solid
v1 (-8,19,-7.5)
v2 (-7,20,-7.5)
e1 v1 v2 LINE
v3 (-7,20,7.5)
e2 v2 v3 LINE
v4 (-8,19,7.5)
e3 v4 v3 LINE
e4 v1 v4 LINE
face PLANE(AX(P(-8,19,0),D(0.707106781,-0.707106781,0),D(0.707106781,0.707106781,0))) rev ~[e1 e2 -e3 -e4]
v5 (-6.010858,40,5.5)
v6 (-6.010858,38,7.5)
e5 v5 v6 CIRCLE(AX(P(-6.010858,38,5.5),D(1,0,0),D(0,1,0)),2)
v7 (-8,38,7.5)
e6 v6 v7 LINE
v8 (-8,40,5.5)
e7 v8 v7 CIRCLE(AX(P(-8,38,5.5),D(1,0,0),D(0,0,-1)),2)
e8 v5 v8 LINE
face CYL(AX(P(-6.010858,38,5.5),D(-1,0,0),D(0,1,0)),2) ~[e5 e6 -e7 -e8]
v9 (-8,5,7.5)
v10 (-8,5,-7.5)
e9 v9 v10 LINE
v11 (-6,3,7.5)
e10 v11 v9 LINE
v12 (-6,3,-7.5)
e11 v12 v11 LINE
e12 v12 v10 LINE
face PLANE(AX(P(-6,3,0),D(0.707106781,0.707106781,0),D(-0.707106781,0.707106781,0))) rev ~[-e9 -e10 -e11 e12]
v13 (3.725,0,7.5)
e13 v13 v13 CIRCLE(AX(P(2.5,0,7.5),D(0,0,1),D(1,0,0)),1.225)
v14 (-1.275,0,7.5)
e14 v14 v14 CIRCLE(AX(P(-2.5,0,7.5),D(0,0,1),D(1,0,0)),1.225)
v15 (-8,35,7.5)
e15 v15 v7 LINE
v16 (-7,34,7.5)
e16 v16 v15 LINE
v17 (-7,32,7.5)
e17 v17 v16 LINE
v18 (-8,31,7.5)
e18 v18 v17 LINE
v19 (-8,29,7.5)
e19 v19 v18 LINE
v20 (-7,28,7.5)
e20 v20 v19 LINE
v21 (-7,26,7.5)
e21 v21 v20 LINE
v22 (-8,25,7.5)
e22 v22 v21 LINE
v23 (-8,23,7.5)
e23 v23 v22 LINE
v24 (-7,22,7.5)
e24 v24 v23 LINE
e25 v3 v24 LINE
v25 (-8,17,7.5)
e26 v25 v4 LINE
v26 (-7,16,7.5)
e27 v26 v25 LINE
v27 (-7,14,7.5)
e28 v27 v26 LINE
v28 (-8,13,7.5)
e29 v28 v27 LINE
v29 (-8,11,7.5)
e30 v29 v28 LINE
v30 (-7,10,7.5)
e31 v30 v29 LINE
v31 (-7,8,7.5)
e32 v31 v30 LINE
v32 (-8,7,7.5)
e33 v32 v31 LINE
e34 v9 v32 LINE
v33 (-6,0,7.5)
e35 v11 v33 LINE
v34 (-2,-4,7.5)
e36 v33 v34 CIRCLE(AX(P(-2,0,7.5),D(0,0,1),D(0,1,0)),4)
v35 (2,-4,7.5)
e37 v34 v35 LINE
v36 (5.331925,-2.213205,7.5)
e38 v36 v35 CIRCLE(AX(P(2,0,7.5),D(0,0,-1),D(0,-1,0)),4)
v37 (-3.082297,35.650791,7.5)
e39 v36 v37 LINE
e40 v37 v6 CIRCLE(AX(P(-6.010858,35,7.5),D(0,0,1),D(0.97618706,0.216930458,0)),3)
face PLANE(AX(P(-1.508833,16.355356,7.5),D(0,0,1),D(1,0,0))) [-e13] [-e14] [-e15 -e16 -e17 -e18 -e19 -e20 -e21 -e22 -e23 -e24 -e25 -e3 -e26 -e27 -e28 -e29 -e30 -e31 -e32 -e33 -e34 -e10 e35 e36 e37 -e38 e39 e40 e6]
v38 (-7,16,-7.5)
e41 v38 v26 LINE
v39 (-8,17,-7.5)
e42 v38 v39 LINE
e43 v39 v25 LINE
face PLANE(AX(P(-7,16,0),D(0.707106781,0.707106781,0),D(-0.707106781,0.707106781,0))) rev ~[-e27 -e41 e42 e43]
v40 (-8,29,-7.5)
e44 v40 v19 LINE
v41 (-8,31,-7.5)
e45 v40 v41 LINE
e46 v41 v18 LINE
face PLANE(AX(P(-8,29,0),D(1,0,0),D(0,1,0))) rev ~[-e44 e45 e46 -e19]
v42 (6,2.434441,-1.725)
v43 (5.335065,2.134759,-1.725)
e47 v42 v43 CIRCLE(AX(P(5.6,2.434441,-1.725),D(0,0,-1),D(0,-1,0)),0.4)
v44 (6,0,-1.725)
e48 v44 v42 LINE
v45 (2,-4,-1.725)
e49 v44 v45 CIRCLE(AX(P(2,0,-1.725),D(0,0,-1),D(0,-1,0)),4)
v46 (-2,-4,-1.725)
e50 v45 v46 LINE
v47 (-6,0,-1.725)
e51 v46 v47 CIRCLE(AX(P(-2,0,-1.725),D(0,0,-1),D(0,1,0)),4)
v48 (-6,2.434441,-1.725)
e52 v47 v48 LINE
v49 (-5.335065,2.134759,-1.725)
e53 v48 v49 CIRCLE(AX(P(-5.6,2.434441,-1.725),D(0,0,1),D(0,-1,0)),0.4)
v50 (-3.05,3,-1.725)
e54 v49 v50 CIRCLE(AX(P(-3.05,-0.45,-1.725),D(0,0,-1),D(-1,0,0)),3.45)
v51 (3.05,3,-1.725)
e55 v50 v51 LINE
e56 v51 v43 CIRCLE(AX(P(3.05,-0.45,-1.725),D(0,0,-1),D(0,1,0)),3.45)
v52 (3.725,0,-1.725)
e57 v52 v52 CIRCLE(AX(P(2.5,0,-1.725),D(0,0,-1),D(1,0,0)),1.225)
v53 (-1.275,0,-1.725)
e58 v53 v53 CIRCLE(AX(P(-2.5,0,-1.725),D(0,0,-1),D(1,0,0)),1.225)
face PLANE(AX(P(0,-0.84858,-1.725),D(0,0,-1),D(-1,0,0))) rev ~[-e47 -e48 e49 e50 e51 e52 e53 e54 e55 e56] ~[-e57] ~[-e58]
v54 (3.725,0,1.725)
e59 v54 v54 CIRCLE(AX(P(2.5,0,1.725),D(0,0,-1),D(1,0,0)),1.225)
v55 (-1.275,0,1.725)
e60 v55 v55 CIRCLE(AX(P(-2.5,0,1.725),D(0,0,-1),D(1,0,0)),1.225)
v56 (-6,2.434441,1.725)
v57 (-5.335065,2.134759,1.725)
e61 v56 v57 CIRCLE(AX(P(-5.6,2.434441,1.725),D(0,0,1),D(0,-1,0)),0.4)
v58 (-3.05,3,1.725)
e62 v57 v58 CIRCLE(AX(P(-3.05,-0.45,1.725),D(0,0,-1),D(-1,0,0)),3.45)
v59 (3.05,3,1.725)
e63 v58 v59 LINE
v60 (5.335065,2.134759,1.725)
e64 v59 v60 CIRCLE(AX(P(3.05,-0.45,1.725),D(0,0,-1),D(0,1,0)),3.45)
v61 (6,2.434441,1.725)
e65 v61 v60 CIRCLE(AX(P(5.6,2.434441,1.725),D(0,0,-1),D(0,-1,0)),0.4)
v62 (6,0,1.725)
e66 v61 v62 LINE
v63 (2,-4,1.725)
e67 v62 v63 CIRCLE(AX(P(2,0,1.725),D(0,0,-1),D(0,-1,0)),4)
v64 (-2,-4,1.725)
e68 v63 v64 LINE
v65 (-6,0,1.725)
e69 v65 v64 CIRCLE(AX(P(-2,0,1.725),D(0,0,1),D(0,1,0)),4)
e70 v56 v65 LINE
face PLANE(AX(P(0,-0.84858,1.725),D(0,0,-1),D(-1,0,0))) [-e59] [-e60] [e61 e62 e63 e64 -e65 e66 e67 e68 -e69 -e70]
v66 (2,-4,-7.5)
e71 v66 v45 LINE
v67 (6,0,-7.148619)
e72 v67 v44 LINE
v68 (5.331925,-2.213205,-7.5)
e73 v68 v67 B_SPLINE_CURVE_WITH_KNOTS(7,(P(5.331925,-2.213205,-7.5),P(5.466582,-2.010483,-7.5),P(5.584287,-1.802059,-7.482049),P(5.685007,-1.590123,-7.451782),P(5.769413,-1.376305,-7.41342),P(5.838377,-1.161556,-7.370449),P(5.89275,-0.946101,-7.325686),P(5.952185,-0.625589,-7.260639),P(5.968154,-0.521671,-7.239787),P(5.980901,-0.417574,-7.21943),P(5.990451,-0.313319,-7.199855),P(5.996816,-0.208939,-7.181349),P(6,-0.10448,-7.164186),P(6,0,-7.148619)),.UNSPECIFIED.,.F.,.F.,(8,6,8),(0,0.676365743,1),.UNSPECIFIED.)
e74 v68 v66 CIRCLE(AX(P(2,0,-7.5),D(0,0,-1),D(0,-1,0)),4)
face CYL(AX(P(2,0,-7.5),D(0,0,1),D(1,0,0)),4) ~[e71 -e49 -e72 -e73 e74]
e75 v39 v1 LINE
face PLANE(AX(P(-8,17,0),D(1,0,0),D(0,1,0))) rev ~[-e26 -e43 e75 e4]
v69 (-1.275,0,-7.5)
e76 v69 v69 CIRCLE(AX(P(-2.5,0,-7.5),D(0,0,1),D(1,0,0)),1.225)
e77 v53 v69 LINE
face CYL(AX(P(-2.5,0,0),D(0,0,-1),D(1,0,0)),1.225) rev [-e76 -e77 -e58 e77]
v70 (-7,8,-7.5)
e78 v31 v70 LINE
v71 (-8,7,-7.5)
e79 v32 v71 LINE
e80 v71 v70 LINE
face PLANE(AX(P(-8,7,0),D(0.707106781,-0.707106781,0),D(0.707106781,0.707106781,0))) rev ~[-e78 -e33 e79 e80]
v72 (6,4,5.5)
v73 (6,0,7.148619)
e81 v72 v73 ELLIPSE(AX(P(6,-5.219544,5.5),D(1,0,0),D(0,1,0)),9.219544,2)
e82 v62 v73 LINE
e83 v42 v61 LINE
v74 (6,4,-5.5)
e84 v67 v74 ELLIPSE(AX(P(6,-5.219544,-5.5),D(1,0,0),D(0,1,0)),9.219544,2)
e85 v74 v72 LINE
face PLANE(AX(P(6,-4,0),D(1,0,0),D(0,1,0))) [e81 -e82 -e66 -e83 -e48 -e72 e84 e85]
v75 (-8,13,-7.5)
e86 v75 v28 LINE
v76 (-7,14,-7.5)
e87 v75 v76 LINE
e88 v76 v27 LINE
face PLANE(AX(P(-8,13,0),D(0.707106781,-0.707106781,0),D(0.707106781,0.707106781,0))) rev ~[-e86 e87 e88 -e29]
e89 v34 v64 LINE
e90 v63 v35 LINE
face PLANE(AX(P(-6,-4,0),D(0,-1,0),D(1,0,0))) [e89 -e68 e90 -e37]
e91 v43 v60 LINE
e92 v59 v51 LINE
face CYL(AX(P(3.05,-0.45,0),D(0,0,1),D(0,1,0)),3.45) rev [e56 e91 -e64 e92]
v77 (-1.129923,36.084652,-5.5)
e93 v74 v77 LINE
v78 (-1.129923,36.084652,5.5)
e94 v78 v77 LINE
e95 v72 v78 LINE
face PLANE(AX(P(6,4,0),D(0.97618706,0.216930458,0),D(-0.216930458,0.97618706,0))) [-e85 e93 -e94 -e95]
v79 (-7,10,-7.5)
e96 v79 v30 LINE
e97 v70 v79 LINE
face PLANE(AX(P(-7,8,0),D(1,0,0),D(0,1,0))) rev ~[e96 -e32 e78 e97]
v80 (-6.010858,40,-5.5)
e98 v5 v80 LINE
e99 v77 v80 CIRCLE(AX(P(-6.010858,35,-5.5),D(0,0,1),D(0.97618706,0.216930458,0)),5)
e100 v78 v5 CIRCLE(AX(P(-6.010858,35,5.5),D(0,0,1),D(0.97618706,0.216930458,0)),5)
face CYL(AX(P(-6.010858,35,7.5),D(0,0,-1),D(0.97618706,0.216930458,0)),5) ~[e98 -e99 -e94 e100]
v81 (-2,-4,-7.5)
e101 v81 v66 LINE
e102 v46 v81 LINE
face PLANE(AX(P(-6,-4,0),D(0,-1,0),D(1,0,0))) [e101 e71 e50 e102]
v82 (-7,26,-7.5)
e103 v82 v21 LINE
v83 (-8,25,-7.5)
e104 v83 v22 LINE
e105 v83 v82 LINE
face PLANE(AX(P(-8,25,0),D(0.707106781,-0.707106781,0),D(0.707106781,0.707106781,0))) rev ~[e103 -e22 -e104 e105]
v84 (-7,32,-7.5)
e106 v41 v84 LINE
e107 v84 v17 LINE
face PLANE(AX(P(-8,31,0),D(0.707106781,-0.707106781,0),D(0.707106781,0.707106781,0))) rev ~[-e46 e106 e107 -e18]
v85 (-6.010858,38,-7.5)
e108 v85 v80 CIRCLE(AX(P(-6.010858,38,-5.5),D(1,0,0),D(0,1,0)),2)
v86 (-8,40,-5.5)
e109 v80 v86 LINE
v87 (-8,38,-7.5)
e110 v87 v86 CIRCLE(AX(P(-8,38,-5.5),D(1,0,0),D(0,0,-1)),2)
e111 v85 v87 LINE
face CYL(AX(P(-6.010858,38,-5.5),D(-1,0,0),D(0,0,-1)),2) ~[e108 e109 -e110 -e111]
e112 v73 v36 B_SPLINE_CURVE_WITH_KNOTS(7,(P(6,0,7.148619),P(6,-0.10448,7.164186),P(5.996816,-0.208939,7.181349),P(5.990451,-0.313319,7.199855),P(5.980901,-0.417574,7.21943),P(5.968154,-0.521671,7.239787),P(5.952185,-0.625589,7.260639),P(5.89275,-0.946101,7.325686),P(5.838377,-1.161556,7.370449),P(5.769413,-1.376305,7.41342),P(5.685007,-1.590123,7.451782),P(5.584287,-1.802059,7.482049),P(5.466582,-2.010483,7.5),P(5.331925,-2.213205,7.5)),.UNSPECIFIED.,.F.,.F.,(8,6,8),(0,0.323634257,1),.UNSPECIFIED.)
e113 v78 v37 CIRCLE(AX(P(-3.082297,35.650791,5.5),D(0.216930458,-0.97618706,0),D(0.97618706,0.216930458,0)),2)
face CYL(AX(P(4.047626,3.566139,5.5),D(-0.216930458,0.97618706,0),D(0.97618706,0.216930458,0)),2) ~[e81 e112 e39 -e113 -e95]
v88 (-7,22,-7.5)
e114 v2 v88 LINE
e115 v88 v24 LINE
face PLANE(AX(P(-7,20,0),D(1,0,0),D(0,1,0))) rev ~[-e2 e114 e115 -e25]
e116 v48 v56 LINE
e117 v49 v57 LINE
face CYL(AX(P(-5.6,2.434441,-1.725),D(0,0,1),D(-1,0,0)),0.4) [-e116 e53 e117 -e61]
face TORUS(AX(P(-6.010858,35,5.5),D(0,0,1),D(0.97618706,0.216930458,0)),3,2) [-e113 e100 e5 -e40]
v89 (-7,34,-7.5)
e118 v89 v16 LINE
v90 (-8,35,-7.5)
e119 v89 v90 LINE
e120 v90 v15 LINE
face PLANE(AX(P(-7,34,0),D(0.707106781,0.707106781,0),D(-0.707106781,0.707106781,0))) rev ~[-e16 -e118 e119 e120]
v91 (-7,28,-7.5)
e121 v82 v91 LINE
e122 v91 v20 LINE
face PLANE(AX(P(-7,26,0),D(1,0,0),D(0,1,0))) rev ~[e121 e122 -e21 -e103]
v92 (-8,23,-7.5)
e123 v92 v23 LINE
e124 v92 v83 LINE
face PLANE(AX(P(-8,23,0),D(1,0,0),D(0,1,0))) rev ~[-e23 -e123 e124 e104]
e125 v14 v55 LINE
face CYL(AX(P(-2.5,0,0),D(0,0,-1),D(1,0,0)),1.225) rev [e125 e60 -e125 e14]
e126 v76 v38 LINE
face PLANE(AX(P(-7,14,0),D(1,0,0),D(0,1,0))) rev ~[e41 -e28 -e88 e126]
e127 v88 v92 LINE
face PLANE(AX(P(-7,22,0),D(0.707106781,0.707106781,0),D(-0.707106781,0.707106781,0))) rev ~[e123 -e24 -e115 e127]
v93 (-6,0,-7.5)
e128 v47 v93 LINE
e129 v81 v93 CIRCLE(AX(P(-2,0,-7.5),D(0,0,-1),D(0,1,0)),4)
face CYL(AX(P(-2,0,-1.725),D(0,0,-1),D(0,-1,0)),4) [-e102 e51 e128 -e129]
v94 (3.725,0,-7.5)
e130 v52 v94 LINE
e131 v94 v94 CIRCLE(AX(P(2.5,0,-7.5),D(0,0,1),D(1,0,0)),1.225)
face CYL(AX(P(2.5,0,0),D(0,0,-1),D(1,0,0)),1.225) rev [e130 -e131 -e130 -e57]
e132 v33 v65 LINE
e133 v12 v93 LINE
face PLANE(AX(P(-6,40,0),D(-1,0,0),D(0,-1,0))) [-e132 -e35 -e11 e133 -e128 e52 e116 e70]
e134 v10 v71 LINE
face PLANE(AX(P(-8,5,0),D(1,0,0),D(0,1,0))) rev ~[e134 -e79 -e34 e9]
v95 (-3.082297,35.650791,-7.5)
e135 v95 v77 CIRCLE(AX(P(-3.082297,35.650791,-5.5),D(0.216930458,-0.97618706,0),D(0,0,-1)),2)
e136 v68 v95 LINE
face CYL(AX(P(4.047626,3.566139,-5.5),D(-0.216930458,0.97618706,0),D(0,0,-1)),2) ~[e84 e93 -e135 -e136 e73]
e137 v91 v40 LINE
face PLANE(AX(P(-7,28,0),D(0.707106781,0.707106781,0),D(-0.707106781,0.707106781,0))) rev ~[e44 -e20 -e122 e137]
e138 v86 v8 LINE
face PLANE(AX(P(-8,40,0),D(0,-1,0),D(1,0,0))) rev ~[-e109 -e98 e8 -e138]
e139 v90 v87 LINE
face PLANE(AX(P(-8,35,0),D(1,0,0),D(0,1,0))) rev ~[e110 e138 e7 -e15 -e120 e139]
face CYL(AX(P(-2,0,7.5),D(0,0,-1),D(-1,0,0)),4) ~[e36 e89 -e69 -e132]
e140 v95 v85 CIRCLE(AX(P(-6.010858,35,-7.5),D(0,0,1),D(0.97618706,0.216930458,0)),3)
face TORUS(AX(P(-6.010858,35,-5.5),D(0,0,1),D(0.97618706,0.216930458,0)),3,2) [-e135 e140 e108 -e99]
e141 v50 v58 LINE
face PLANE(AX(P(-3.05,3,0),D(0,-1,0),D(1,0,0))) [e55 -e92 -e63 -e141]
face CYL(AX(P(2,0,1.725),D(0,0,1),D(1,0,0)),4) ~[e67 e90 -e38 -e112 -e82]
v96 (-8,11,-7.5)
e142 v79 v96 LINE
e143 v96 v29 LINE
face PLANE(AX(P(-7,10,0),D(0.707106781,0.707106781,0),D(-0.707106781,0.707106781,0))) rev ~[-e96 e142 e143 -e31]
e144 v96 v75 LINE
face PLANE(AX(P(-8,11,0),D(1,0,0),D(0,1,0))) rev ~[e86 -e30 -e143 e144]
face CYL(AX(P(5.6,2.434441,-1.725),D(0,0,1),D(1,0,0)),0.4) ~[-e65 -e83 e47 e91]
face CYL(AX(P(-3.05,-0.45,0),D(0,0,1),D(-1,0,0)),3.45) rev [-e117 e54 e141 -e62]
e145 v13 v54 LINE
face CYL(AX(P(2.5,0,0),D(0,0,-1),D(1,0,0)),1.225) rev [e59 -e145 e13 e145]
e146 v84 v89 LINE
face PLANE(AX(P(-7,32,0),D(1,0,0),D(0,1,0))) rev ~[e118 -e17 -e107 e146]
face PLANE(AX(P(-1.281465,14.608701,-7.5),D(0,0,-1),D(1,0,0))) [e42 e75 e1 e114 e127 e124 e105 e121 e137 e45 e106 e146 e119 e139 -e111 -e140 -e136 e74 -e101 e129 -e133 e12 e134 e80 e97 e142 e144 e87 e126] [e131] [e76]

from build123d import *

# Parameters (mm, degrees)
SKETCH1_R                       = 1.225
BOSS_EXTRUDE1_DEPTH             = 7.5
CUT_EXTRUDE2_DEPTH              = 1.725
BOSS_EXTRUDE3_REACH             = 43.137
BOSS_EXTRUDE3_DIRECTION_2_REACH = 43.137
FILLET5_R                       = 5
FILLET6_R                       = 4
FILLET7_R                       = 2
FILLET8_R                       = 0.4


with BuildPart() as part:
    # Sketch1 → Boss-Extrude1 (new, symmetric)
    with BuildSketch(Plane.XY):
        Polygon((-6, -4), (6, -4), (6, 4), (-2, 40), (-6, 40), align=None)
        with Locations((-2.5, 0)):
            Circle(SKETCH1_R, mode=Mode.SUBTRACT)
        with Locations((2.5, 0)):
            Circle(SKETCH1_R, mode=Mode.SUBTRACT)
    extrude(amount=BOSS_EXTRUDE1_DEPTH, both=True)

    # Sketch4 → Cut-Extrude2 (cut, symmetric)
    with BuildSketch(Plane.XY):
        with BuildLine():
            Line((-3.05, 3), (3.05, 3))
            ThreePointArc((3.05, 3), (5.489518395, 1.989518395), (6.5, -0.45))
            Line((6.5, -0.45), (6.5, -4))
            Line((6.5, -4), (-6.5, -4))
            Line((-6.5, -4), (-6.5, -0.45))
            ThreePointArc((-6.5, -0.45), (-5.489518395, 1.989518395), (-3.05, 3))
        make_face()
    extrude(amount=CUT_EXTRUDE2_DEPTH, both=True, mode=Mode.SUBTRACT)

    # Boss-Extrude3: up to this face of the body (flat: up to its plane)
    boss_extrude3_end = Plane(part.part.faces().sort_by_distance((-1.281464988, 14.60870086, 7.5))[0])
    # Sketch6 → Boss-Extrude3 (add, up to the picked face)
    with BuildSketch(Plane.XY, mode=Mode.PRIVATE) as boss_extrude3_sk1:
        Polygon((-6, 40), (-6, 3), (-8, 5), (-8, 7), (-7, 8), (-7, 10), (-8, 11), (-8, 13), (-7, 14), (-7, 16), (-8, 17), (-8, 19), (-7, 20), (-7, 22), (-8, 23), (-8, 25), (-7, 26), (-7, 28), (-8, 29), (-8, 31), (-7, 32), (-7, 34), (-8, 35), (-8, 40), align=None)
    boss_extrude3_tool1 = split(extrude(boss_extrude3_sk1.sketch, amount=BOSS_EXTRUDE3_REACH, mode=Mode.PRIVATE), bisect_by=boss_extrude3_end, keep=Keep.BOTH, mode=Mode.PRIVATE)
    add(boss_extrude3_tool1.solids().sort_by(Axis((-6.842105, 22.25731, 0), (0, 0, 1)))[0])

    # Boss-Extrude3 direction 2: up to this face of the body (flat: up to its plane)
    boss_extrude3_direction_2_end = Plane(part.part.faces().sort_by_distance((-1.281464988, 14.60870086, -7.5))[0])
    # Sketch6 → Boss-Extrude3 direction 2 (add, up to the picked face)
    with BuildSketch(Plane.XY, mode=Mode.PRIVATE) as boss_extrude3_direction_2_sk1:
        Polygon((-6, 40), (-6, 3), (-8, 5), (-8, 7), (-7, 8), (-7, 10), (-8, 11), (-8, 13), (-7, 14), (-7, 16), (-8, 17), (-8, 19), (-7, 20), (-7, 22), (-8, 23), (-8, 25), (-7, 26), (-7, 28), (-8, 29), (-8, 31), (-7, 32), (-7, 34), (-8, 35), (-8, 40), align=None)
    boss_extrude3_direction_2_tool1 = split(extrude(boss_extrude3_direction_2_sk1.sketch, amount=-BOSS_EXTRUDE3_DIRECTION_2_REACH, mode=Mode.PRIVATE), bisect_by=boss_extrude3_direction_2_end, keep=Keep.BOTH, mode=Mode.PRIVATE)
    add(boss_extrude3_direction_2_tool1.solids().sort_by(Axis((-6.842105, 22.25731, 0), (0, 0, -1)))[0])

    # Fillet5
    fillet5_edges = [part.edges().sort_by_distance(p)[0] for p in [
        (-2, 40, 0),
    ]]
    fillet(fillet5_edges, radius=FILLET5_R)

    # Fillet6
    fillet6_edges = [part.edges().sort_by_distance(p)[0] for p in [
        (6, -4, -4.6125),
        (-6, -4, -4.6125),
        (6, -4, 4.6125),
        (-6, -4, 4.6125),
    ]]
    fillet(fillet6_edges, radius=FILLET6_R)

    # Fillet7
    fillet7_edges = [part.edges().sort_by_distance(p)[0] for p in [
        (-2.882221064, 38.900209061, -7.5),
        (-2.882221064, 38.900209061, 7.5),
        (2.435038635, 20.042326145, -7.5),
        (2.435038635, 20.042326145, 7.5),
        (-7.005429016, 40, -7.5),
        (-7.005429016, 40, 7.5),
    ]]
    fillet(fillet7_edges, radius=FILLET7_R)

    # Fillet8
    fillet8_edges = [part.edges().sort_by_distance(p)[0] for p in [
        (6, 1.338854382, 0),
        (-6, 1.338854382, 0),
    ]]
    fillet(fillet8_edges, radius=FILLET8_R)


solid = part.part
